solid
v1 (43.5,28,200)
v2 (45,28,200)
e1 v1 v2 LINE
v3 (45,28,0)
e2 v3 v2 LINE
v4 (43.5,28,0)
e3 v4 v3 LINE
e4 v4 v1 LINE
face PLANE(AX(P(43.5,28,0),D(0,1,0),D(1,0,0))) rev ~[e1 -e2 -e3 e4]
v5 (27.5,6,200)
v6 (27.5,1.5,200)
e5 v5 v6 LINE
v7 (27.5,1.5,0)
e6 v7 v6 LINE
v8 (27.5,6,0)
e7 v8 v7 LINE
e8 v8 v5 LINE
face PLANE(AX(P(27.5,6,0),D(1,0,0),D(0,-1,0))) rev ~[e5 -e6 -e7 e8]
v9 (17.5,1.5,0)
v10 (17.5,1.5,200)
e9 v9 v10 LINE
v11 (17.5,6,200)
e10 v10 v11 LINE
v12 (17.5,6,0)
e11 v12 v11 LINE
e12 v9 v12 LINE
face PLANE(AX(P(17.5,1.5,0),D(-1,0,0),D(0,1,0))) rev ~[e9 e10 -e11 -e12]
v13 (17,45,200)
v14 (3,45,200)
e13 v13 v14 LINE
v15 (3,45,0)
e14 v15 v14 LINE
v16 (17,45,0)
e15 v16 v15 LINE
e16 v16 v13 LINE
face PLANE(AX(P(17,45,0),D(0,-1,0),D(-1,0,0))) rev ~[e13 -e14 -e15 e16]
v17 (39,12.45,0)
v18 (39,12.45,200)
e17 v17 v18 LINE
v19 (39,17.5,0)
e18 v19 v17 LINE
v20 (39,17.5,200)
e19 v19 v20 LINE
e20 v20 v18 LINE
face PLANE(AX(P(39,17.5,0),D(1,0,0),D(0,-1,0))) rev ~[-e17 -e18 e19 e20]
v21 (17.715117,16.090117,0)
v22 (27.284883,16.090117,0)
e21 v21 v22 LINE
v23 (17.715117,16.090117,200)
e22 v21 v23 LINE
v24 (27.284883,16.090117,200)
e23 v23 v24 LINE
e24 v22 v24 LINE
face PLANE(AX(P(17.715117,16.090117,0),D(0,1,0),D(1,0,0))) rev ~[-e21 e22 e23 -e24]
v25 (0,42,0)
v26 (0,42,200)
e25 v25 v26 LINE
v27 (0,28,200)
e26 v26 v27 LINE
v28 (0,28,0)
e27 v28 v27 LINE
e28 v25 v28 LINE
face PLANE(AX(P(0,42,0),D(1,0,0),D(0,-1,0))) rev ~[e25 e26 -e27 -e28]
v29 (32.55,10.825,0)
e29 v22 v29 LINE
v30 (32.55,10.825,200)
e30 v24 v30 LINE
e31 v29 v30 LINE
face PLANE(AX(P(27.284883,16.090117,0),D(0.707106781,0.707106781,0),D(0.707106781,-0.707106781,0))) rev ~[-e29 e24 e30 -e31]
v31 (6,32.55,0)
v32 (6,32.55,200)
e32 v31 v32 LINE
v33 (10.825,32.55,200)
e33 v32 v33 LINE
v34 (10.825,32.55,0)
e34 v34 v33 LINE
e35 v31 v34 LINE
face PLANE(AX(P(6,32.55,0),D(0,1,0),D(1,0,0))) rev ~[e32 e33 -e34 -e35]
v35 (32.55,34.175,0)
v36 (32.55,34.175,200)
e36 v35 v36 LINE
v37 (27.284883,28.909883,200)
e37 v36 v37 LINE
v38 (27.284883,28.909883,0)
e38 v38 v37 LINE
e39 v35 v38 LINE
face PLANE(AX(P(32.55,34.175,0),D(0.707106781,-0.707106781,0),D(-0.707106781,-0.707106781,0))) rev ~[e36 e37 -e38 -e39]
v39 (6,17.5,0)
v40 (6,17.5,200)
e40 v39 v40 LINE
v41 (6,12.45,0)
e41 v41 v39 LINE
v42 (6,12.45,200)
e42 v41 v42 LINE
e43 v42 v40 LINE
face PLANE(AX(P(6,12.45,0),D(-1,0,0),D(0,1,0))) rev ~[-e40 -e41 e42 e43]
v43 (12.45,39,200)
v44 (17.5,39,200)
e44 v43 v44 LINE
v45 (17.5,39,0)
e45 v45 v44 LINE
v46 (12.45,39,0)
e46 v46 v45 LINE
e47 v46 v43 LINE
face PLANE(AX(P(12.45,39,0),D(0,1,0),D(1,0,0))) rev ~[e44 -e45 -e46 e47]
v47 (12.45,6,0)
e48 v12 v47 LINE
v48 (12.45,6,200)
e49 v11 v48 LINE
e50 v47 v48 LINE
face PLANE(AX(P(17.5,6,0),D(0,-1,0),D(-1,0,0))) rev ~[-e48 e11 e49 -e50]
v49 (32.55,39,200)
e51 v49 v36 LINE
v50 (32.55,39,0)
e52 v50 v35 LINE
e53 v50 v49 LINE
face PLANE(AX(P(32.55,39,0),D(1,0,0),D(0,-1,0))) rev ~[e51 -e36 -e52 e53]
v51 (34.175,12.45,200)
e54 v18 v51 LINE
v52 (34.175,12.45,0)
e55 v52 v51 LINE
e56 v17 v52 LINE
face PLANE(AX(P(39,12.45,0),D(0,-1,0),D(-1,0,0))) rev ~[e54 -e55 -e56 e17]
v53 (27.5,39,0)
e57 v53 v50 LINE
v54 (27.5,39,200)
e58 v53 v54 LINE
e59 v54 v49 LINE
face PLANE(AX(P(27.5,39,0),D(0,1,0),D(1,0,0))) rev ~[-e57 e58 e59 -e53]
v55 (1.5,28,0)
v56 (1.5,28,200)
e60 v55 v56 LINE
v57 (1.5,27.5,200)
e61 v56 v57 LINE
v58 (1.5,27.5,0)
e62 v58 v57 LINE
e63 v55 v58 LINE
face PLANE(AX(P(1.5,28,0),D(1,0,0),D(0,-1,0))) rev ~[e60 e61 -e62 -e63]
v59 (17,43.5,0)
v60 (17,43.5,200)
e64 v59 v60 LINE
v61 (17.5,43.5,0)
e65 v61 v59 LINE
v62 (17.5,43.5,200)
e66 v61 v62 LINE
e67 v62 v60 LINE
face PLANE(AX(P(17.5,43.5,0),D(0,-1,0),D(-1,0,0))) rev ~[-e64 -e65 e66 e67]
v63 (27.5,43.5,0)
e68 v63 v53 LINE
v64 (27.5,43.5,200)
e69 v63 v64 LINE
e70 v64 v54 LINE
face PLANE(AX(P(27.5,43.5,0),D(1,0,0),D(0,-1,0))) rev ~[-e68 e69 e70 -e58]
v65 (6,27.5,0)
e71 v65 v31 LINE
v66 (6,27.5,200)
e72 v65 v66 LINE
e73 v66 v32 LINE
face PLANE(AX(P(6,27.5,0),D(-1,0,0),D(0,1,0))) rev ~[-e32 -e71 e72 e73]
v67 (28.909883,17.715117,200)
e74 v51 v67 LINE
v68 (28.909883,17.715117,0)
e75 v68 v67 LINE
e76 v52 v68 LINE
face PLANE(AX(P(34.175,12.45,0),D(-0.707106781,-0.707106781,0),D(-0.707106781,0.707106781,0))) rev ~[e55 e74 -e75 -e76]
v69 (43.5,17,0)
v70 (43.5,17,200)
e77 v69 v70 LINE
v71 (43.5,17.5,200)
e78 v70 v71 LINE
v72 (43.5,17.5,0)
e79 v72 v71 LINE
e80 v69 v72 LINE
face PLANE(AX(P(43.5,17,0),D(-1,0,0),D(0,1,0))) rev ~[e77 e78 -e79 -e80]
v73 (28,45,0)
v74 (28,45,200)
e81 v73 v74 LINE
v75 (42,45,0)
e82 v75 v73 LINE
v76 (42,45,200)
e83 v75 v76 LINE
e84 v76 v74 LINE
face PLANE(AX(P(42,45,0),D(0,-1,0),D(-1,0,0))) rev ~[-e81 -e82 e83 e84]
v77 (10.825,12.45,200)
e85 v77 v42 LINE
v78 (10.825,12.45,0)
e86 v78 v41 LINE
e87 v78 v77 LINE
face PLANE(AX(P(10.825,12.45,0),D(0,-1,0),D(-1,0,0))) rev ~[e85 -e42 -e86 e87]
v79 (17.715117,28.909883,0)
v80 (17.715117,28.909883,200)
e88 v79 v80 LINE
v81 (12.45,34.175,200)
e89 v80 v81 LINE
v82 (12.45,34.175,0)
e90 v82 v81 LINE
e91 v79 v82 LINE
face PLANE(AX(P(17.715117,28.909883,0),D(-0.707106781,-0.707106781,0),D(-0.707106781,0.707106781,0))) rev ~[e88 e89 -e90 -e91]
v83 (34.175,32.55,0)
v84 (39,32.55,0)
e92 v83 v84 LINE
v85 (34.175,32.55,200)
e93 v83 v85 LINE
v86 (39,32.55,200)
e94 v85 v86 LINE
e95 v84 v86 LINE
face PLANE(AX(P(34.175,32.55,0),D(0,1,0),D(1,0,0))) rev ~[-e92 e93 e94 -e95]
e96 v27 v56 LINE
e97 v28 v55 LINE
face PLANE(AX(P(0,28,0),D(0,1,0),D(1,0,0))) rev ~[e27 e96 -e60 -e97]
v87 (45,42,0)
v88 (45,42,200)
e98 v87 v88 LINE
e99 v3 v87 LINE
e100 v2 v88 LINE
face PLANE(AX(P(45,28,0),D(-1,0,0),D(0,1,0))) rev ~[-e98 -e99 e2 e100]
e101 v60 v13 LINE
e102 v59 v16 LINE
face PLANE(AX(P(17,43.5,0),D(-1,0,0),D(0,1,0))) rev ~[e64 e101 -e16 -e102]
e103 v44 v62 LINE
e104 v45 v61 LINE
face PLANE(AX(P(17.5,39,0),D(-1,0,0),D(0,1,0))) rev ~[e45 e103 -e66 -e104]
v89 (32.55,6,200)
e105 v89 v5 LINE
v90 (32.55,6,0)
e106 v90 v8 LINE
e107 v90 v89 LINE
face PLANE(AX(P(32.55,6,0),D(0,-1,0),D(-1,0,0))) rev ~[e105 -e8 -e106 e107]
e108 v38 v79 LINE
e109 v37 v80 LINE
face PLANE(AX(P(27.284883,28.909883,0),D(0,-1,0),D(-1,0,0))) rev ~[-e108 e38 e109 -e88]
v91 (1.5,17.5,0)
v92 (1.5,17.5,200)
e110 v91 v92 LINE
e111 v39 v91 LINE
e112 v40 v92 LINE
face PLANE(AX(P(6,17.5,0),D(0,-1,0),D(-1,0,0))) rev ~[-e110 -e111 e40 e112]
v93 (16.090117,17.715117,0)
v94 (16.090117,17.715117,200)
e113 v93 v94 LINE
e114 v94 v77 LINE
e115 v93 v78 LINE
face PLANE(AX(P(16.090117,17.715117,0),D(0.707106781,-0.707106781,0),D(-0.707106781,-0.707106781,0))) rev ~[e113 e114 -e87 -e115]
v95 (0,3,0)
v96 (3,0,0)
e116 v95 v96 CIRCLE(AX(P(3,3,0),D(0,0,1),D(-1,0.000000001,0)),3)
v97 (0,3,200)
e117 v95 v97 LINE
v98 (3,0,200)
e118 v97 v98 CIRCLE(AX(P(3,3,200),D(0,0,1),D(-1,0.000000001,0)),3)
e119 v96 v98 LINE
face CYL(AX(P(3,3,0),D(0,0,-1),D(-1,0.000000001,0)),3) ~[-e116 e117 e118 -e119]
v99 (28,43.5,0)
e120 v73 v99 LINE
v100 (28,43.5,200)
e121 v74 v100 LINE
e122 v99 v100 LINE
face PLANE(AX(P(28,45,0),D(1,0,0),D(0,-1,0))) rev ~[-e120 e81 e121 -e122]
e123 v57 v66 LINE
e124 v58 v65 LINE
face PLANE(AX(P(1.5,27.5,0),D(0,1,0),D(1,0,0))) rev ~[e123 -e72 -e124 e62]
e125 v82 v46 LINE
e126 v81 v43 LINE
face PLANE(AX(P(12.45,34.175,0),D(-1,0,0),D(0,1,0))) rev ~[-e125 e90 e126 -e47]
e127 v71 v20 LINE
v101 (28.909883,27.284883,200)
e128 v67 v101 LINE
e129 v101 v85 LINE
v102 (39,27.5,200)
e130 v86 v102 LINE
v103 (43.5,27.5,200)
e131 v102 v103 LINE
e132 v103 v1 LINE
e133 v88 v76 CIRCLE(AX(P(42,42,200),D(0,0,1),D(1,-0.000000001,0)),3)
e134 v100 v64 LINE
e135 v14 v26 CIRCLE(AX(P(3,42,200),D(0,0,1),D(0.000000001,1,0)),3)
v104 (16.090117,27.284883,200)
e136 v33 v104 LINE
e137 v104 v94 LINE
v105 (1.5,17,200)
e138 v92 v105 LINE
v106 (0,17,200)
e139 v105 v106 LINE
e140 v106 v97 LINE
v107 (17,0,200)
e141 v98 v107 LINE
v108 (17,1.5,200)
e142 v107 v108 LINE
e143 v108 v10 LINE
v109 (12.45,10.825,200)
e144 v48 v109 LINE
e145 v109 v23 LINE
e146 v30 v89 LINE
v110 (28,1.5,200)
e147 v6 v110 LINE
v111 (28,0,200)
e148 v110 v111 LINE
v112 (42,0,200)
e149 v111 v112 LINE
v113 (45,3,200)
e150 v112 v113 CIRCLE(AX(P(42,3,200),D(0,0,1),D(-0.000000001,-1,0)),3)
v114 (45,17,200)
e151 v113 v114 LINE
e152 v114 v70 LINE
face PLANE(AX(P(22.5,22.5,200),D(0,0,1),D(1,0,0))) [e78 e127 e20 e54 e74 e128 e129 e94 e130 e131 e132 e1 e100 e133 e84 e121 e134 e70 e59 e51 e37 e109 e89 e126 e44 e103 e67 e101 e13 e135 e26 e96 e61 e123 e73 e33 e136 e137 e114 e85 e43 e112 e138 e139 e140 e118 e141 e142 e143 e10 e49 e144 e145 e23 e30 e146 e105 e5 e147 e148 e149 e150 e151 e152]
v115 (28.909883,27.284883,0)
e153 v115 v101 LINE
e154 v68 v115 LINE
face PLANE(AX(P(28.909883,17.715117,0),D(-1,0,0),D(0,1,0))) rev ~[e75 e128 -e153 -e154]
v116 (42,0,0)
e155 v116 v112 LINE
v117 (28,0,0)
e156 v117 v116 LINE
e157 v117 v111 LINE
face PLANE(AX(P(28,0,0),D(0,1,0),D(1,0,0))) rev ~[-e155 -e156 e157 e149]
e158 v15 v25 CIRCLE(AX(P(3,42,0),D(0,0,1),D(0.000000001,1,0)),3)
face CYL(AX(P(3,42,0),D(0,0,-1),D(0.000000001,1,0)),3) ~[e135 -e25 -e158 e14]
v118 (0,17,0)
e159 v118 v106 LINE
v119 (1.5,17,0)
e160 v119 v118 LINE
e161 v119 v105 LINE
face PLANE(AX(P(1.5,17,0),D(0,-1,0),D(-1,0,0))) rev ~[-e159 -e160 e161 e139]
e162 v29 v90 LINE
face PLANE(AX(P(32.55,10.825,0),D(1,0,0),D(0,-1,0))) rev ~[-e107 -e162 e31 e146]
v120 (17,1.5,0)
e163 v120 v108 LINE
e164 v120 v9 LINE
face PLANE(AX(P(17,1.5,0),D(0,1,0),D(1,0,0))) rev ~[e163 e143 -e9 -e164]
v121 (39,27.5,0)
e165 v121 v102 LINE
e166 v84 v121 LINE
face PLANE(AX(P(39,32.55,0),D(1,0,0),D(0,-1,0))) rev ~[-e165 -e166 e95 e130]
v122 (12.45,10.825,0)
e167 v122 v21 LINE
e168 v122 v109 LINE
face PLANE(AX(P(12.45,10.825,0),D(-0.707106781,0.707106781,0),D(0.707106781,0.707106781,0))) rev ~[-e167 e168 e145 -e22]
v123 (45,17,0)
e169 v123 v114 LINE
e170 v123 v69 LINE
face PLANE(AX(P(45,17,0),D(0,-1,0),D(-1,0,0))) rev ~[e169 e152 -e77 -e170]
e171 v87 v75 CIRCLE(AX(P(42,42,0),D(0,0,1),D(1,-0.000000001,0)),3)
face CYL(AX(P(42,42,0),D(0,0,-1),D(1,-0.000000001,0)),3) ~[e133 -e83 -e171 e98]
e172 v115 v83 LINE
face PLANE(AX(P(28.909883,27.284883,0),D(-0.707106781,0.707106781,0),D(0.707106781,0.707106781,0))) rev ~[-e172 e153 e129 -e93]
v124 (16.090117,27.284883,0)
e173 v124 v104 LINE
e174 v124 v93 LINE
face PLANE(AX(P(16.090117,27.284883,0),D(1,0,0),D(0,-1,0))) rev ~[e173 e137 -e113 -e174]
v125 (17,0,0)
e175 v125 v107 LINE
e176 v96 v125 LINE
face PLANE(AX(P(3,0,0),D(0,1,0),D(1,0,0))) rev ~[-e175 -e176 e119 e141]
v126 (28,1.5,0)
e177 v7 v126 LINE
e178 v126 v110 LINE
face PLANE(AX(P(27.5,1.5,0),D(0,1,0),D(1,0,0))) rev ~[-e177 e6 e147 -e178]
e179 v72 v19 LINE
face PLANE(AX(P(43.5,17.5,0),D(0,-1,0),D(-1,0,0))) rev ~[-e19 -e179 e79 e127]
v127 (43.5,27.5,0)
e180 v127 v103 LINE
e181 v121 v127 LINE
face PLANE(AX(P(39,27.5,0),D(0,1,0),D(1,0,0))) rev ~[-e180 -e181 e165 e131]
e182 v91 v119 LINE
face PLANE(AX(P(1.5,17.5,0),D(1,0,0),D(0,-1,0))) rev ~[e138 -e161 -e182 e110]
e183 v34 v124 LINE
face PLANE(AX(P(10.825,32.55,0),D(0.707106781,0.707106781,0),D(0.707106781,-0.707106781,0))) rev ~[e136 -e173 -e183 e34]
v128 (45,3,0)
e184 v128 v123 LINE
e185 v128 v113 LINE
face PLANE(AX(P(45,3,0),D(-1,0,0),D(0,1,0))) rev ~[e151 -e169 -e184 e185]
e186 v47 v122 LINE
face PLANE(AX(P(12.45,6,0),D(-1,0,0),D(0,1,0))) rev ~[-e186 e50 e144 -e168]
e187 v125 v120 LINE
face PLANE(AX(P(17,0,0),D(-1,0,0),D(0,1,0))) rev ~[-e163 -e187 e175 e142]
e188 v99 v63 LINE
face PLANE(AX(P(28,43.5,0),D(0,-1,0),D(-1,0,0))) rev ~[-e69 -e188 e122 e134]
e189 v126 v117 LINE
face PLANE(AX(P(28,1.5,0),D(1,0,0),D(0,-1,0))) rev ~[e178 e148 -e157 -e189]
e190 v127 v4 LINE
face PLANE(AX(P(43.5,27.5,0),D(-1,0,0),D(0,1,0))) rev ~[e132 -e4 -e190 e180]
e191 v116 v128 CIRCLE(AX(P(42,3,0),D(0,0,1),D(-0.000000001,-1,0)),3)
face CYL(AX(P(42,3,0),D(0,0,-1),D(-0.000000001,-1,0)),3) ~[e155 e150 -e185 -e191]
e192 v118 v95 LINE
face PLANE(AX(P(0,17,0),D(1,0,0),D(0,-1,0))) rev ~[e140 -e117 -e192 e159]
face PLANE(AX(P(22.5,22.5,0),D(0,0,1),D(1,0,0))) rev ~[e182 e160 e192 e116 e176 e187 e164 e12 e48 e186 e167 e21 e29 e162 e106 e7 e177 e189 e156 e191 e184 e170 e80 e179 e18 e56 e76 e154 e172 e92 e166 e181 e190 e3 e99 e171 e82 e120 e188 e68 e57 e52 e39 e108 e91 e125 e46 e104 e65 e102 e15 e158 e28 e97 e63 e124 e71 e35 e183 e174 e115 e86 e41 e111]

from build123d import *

# Parameters (mm, degrees)
BOSS_EXTRUDE1_DEPTH = 200


with BuildPart() as part:
    # Sketch1 → Boss-Extrude1 (new body)
    with BuildSketch(Plane.XY):
        with BuildLine():
            Line((17.715117093, 28.909882907), (12.45, 34.175))
            Line((12.45, 34.175), (12.45, 39))
            Line((12.45, 39), (17.5, 39))
            Line((17.5, 39), (17.5, 43.5))
            Line((17.5, 43.5), (17, 43.5))
            Line((17, 43.5), (17, 45))
            Line((17, 45), (3, 45))
            ThreePointArc((3, 45), (0.878679656, 44.121320344), (0, 42))
            Line((0, 42), (0, 28))
            Line((0, 28), (1.5, 28))
            Line((1.5, 28), (1.5, 27.5))
            Line((1.5, 27.5), (6, 27.5))
            Line((6, 27.5), (6, 32.55))
            Line((6, 32.55), (10.825, 32.55))
            Line((10.825, 32.55), (16.090117093, 27.284882907))
            Line((16.090117093, 27.284882907), (16.090117093, 17.715117093))
            Line((16.090117093, 17.715117093), (10.825, 12.45))
            Line((10.825, 12.45), (6, 12.45))
            Line((6, 12.45), (6, 17.5))
            Line((6, 17.5), (1.5, 17.5))
            Line((1.5, 17.5), (1.5, 17))
            Line((1.5, 17), (0, 17))
            Line((0, 17), (0, 3))
            ThreePointArc((0, 3), (0.878679656, 0.878679656), (3, 0))
            Line((3, 0), (17, 0))
            Line((17, 0), (17, 1.5))
            Line((17, 1.5), (17.5, 1.5))
            Line((17.5, 1.5), (17.5, 6))
            Line((17.5, 6), (12.45, 6))
            Line((12.45, 6), (12.45, 10.825))
            Line((12.45, 10.825), (17.715117093, 16.090117093))
            Line((17.715117093, 16.090117093), (27.284882907, 16.090117093))
            Line((27.284882907, 16.090117093), (32.55, 10.825))
            Line((32.55, 10.825), (32.55, 6))
            Line((32.55, 6), (27.5, 6))
            Line((27.5, 6), (27.5, 1.5))
            Line((27.5, 1.5), (28, 1.5))
            Line((28, 1.5), (28, 0))
            Line((28, 0), (42, 0))
            ThreePointArc((42, 0), (44.121320344, 0.878679656), (45, 3))
            Line((45, 3), (45, 17))
            Line((45, 17), (43.5, 17))
            Line((43.5, 17), (43.5, 17.5))
            Line((43.5, 17.5), (39, 17.5))
            Line((39, 17.5), (39, 12.45))
            Line((39, 12.45), (34.175, 12.45))
            Line((34.175, 12.45), (28.909882907, 17.715117093))
            Line((28.909882907, 17.715117093), (28.909882907, 27.284882907))
            Line((28.909882907, 27.284882907), (34.175, 32.55))
            Line((34.175, 32.55), (39, 32.55))
            Line((39, 32.55), (39, 27.5))
            Line((39, 27.5), (43.5, 27.5))
            Line((43.5, 27.5), (43.5, 28))
            Line((43.5, 28), (45, 28))
            Line((45, 28), (45, 42))
            ThreePointArc((45, 42), (44.121320344, 44.121320344), (42, 45))
            Line((42, 45), (28, 45))
            Line((28, 45), (28, 43.5))
            Line((28, 43.5), (27.5, 43.5))
            Line((27.5, 43.5), (27.5, 39))
            Line((27.5, 39), (32.55, 39))
            Line((32.55, 39), (32.55, 34.175))
            Line((32.55, 34.175), (27.284882907, 28.909882907))
            Line((27.284882907, 28.909882907), (17.715117093, 28.909882907))
        make_face()
    extrude(amount=BOSS_EXTRUDE1_DEPTH)


solid = part.part
